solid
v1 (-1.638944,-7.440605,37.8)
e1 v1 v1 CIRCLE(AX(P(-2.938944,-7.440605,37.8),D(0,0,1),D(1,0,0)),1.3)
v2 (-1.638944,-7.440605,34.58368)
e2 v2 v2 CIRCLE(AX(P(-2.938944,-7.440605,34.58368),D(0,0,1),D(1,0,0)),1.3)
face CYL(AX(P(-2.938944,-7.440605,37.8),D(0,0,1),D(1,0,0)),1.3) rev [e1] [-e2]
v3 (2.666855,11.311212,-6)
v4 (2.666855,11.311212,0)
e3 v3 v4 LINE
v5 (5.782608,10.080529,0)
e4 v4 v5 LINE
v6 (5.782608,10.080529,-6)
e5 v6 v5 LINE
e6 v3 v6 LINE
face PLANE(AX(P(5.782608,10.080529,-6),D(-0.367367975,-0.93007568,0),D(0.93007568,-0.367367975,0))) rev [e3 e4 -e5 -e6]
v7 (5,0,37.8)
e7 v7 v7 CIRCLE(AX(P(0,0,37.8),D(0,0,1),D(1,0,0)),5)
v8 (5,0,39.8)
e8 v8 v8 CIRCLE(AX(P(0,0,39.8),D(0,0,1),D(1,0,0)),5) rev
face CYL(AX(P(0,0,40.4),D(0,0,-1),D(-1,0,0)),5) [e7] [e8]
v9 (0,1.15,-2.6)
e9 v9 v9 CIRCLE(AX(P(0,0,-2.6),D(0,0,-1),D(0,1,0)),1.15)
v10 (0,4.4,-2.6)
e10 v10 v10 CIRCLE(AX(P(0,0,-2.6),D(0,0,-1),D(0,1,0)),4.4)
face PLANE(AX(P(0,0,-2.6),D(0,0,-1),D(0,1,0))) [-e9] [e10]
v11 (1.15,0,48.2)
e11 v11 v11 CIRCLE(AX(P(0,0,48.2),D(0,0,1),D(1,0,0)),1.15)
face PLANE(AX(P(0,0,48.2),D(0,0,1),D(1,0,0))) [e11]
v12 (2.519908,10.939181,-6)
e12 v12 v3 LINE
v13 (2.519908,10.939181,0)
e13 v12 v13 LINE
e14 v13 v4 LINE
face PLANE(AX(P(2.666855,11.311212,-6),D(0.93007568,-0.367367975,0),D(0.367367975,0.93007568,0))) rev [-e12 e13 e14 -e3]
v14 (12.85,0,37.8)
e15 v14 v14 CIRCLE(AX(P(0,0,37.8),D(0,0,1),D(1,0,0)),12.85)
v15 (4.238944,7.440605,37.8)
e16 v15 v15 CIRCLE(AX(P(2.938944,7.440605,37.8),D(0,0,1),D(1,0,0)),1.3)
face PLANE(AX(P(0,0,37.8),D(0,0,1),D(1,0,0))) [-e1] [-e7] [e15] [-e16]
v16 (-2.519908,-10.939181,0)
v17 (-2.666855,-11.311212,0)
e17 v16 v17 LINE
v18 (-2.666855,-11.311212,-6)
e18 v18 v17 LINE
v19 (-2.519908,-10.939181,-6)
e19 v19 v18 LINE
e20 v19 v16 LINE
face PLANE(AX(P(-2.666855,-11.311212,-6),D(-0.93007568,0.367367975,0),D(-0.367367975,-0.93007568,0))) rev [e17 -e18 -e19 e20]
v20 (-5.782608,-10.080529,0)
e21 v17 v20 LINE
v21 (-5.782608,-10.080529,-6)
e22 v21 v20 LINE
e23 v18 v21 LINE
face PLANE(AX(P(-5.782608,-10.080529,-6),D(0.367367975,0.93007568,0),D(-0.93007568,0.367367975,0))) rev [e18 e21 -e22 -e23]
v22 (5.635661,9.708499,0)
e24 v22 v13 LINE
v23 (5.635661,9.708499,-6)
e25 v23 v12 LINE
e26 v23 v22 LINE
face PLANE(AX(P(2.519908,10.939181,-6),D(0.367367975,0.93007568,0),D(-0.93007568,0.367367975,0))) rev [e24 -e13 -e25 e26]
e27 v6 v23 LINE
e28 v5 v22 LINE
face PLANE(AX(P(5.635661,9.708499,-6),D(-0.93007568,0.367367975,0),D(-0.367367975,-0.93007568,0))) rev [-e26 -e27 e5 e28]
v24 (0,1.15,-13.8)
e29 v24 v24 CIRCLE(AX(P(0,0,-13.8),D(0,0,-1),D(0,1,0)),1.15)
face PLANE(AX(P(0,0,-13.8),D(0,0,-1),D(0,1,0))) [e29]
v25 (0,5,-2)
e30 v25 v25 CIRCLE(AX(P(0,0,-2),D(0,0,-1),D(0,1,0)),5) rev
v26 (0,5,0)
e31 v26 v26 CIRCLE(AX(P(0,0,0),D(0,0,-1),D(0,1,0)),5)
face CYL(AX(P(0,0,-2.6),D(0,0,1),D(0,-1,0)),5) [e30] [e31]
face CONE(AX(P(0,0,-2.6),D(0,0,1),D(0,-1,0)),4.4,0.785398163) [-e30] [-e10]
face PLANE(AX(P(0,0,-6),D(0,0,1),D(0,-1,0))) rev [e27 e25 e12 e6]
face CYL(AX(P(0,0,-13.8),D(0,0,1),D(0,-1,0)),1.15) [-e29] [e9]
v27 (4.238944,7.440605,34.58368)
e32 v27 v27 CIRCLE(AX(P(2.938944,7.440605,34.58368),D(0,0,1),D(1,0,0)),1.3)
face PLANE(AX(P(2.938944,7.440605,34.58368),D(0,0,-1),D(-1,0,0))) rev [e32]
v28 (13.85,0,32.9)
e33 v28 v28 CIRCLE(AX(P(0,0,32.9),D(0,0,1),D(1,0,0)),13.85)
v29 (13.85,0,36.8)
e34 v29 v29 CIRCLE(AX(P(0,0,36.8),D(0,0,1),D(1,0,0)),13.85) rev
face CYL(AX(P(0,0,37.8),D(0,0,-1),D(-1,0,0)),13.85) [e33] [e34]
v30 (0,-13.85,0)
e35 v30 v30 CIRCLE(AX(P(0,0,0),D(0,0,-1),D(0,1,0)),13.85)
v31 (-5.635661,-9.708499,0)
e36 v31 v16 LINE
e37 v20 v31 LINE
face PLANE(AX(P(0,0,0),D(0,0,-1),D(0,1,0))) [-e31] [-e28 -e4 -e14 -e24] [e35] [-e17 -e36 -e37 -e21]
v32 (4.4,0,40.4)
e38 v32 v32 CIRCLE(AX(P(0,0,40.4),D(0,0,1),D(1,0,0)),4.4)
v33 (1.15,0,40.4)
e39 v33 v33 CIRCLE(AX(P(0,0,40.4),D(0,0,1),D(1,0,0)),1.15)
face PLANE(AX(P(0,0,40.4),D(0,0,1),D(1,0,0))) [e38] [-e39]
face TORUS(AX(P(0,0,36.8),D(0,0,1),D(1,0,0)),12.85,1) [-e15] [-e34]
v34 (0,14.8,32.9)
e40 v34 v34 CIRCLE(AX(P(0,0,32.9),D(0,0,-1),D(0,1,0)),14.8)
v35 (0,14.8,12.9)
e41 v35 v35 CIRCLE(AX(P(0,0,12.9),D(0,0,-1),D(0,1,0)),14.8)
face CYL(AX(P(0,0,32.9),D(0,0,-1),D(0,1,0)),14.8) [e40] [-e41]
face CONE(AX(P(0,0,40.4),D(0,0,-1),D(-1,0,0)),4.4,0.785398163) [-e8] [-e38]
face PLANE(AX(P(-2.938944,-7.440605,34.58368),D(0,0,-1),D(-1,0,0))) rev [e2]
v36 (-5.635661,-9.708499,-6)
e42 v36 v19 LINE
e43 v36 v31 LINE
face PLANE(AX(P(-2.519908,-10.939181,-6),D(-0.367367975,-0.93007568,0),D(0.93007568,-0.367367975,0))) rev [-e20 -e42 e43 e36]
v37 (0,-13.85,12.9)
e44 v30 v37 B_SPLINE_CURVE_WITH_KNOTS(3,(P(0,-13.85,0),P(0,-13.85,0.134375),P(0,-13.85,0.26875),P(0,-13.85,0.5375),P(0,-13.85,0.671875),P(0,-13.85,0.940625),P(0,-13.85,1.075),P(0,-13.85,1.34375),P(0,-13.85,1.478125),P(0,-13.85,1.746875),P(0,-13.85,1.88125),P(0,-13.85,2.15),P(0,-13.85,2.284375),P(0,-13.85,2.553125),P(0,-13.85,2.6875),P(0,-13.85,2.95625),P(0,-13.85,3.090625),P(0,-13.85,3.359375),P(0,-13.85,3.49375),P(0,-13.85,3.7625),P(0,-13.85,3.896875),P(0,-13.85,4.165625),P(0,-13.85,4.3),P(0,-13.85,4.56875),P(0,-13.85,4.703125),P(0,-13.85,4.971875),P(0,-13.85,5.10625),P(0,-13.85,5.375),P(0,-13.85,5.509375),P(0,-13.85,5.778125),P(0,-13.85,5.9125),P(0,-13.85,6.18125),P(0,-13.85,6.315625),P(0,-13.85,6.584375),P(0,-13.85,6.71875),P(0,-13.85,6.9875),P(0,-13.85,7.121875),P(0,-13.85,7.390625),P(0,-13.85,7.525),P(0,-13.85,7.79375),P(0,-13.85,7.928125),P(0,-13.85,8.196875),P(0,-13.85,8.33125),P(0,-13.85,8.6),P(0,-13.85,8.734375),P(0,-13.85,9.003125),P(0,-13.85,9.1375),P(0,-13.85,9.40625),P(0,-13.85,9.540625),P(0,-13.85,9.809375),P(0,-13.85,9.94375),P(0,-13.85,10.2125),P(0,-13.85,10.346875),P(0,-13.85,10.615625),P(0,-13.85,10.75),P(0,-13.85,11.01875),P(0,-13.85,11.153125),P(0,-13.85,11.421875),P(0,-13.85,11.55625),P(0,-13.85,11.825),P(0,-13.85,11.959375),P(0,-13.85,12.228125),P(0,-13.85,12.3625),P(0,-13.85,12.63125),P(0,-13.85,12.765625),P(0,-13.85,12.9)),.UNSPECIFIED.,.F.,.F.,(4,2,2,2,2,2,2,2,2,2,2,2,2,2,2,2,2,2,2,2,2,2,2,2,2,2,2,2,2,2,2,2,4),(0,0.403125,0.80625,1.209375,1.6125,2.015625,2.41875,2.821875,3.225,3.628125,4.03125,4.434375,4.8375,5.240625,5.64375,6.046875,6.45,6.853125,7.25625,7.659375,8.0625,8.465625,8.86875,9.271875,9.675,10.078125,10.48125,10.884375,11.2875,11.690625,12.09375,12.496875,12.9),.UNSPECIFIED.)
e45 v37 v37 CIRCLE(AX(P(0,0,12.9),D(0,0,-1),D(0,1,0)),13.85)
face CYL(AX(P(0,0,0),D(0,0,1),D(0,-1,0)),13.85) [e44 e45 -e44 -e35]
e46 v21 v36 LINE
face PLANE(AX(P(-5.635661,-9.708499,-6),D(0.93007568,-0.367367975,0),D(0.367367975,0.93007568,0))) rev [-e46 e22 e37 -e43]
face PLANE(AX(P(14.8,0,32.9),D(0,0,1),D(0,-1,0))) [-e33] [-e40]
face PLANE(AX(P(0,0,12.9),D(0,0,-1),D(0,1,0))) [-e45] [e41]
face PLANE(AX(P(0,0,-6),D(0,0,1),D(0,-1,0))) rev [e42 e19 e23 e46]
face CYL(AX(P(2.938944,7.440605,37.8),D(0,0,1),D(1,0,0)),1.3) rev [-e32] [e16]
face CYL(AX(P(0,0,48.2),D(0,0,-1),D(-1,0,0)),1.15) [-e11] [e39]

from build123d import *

# Parameters (mm, degrees)
SKETCH1_W                      = 14.8
SKETCH1_H                      = 20
SKETCH2_R                      = 13.85
BOSS_EXTRUDE1_DEPTH            = 12.9
BOSS_EXTRUDE2_DEPTH            = 6
BOSS_EXTRUDE3_DEPTH            = 6
BOSS_EXTRUDE4_START            = 4.9
SKETCH5_R                      = 13.85
BOSS_EXTRUDE4_DEPTH            = 4.9
SKETCH6_R                      = 5
BOSS_EXTRUDE5_DEPTH            = 2.6
SKETCH7_R                      = 1.15
BOSS_EXTRUDE6_DEPTH            = 7.8
BOSS_EXTRUDE7_START            = 2.6
SKETCH8_R                      = 5
BOSS_EXTRUDE7_DEPTH            = 2.6
BOSS_EXTRUDE8_START            = 11.2
SKETCH9_R                      = 1.15
BOSS_EXTRUDE8_DEPTH            = 11.2
F_2_6_2_6_DIAMETER_HOLE1_D     = 2.6
F_2_6_2_6_DIAMETER_HOLE1_DEPTH = 3.216319987
CHAMFER1_SIZE                  = 0.6
FILLET1_R                      = 1


with BuildPart() as part:
    # Sketch1 → Revolve1 (revolve)
    with BuildSketch(Plane.XZ, mode=Mode.PRIVATE) as revolve1_sk:
        with Locations((7.4, 22.9)):
            Rectangle(SKETCH1_W, SKETCH1_H)
    revolve(revolve1_sk.sketch.rotate(Axis((0, 0, 32.9), (0, 0, -1)), 270), axis=Axis((0, 0, 32.9), (0, 0, -1)))

    # Sketch2 → Boss-Extrude1 (add)
    with BuildSketch(Plane(origin=(0, 0, 12.9), x_dir=(-1, 0, 0), z_dir=(0, 0, -1))):
        with Locations(Location((0, 0, 0), (0, 0, 270))):
            Circle(SKETCH2_R)
    extrude(amount=BOSS_EXTRUDE1_DEPTH)

    # Sketch3 → Boss-Extrude2 (add)
    with BuildSketch(Plane(origin=(0, 0, 0), x_dir=(-1, 0, 0), z_dir=(0, 0, -1))):
        Polygon((-5.782608477, 10.080528964), (-2.666854949, 11.311211681), (-2.519907759, 10.939181409), (-5.635661287, 9.708498692), align=None)
    extrude(amount=BOSS_EXTRUDE2_DEPTH)

    # Sketch4 → Boss-Extrude3 (add)
    with BuildSketch(Plane(origin=(0, 0, 0), x_dir=(-1, 0, 0), z_dir=(0, 0, -1))):
        Polygon((2.519907759, -10.939181409), (5.635661287, -9.708498692), (5.782608477, -10.080528964), (2.666854949, -11.311211681), align=None)
    extrude(amount=BOSS_EXTRUDE3_DEPTH)

    # Sketch5 → Boss-Extrude4 (add)
    with BuildSketch(Plane.XY.offset(32.9).offset(BOSS_EXTRUDE4_START)):
        with Locations(Location((0, 0, 0), (0, 0, 270))):
            Circle(SKETCH5_R)
    extrude(amount=-BOSS_EXTRUDE4_DEPTH)

    # Sketch6 → Boss-Extrude5 (add)
    with BuildSketch(Plane.XY.offset(37.8)):
        Circle(SKETCH6_R)
    extrude(amount=BOSS_EXTRUDE5_DEPTH)

    # Sketch7 → Boss-Extrude6 (add)
    with BuildSketch(Plane.XY.offset(40.4)):
        Circle(SKETCH7_R)
    extrude(amount=BOSS_EXTRUDE6_DEPTH)

    # Sketch8 → Boss-Extrude7 (add)
    with BuildSketch(Plane(origin=(0, 0, 0), x_dir=(-1, 0, 0), z_dir=(0, 0, -1)).offset(BOSS_EXTRUDE7_START)):
        with Locations(Location((0, 0, 0), (0, 0, 180))):
            Circle(SKETCH8_R)
    extrude(amount=-BOSS_EXTRUDE7_DEPTH)

    # Sketch9 → Boss-Extrude8 (add)
    with BuildSketch(Plane(origin=(0, 0, -2.6), x_dir=(-1, 0, 0), z_dir=(0, 0, -1)).offset(BOSS_EXTRUDE8_START)):
        with Locations(Location((0, 0, 0), (0, 0, 180))):
            Circle(SKETCH9_R)
    extrude(amount=-BOSS_EXTRUDE8_DEPTH)

    # Ø2.6 (2.6) Diameter Hole1
    with Locations(Plane.XY.offset(37.8)):
        with Locations((-2.9389438, -7.440605442), (2.9389438, 7.440605442)):
            Hole(F_2_6_2_6_DIAMETER_HOLE1_D / 2, depth=F_2_6_2_6_DIAMETER_HOLE1_DEPTH)

    # Chamfer1
    chamfer1_edges = [part.edges().sort_by_distance(p)[0] for p in [
        (-5, 0, 40.4),
        (-5, 0, -2.6),
    ]]
    chamfer(chamfer1_edges, length=CHAMFER1_SIZE)

    # Fillet1
    fillet1_edges = [part.edges().sort_by_distance(p)[0] for p in [
        (0, 13.85, 37.8),
    ]]
    fillet(fillet1_edges, radius=FILLET1_R)


solid = part.part
